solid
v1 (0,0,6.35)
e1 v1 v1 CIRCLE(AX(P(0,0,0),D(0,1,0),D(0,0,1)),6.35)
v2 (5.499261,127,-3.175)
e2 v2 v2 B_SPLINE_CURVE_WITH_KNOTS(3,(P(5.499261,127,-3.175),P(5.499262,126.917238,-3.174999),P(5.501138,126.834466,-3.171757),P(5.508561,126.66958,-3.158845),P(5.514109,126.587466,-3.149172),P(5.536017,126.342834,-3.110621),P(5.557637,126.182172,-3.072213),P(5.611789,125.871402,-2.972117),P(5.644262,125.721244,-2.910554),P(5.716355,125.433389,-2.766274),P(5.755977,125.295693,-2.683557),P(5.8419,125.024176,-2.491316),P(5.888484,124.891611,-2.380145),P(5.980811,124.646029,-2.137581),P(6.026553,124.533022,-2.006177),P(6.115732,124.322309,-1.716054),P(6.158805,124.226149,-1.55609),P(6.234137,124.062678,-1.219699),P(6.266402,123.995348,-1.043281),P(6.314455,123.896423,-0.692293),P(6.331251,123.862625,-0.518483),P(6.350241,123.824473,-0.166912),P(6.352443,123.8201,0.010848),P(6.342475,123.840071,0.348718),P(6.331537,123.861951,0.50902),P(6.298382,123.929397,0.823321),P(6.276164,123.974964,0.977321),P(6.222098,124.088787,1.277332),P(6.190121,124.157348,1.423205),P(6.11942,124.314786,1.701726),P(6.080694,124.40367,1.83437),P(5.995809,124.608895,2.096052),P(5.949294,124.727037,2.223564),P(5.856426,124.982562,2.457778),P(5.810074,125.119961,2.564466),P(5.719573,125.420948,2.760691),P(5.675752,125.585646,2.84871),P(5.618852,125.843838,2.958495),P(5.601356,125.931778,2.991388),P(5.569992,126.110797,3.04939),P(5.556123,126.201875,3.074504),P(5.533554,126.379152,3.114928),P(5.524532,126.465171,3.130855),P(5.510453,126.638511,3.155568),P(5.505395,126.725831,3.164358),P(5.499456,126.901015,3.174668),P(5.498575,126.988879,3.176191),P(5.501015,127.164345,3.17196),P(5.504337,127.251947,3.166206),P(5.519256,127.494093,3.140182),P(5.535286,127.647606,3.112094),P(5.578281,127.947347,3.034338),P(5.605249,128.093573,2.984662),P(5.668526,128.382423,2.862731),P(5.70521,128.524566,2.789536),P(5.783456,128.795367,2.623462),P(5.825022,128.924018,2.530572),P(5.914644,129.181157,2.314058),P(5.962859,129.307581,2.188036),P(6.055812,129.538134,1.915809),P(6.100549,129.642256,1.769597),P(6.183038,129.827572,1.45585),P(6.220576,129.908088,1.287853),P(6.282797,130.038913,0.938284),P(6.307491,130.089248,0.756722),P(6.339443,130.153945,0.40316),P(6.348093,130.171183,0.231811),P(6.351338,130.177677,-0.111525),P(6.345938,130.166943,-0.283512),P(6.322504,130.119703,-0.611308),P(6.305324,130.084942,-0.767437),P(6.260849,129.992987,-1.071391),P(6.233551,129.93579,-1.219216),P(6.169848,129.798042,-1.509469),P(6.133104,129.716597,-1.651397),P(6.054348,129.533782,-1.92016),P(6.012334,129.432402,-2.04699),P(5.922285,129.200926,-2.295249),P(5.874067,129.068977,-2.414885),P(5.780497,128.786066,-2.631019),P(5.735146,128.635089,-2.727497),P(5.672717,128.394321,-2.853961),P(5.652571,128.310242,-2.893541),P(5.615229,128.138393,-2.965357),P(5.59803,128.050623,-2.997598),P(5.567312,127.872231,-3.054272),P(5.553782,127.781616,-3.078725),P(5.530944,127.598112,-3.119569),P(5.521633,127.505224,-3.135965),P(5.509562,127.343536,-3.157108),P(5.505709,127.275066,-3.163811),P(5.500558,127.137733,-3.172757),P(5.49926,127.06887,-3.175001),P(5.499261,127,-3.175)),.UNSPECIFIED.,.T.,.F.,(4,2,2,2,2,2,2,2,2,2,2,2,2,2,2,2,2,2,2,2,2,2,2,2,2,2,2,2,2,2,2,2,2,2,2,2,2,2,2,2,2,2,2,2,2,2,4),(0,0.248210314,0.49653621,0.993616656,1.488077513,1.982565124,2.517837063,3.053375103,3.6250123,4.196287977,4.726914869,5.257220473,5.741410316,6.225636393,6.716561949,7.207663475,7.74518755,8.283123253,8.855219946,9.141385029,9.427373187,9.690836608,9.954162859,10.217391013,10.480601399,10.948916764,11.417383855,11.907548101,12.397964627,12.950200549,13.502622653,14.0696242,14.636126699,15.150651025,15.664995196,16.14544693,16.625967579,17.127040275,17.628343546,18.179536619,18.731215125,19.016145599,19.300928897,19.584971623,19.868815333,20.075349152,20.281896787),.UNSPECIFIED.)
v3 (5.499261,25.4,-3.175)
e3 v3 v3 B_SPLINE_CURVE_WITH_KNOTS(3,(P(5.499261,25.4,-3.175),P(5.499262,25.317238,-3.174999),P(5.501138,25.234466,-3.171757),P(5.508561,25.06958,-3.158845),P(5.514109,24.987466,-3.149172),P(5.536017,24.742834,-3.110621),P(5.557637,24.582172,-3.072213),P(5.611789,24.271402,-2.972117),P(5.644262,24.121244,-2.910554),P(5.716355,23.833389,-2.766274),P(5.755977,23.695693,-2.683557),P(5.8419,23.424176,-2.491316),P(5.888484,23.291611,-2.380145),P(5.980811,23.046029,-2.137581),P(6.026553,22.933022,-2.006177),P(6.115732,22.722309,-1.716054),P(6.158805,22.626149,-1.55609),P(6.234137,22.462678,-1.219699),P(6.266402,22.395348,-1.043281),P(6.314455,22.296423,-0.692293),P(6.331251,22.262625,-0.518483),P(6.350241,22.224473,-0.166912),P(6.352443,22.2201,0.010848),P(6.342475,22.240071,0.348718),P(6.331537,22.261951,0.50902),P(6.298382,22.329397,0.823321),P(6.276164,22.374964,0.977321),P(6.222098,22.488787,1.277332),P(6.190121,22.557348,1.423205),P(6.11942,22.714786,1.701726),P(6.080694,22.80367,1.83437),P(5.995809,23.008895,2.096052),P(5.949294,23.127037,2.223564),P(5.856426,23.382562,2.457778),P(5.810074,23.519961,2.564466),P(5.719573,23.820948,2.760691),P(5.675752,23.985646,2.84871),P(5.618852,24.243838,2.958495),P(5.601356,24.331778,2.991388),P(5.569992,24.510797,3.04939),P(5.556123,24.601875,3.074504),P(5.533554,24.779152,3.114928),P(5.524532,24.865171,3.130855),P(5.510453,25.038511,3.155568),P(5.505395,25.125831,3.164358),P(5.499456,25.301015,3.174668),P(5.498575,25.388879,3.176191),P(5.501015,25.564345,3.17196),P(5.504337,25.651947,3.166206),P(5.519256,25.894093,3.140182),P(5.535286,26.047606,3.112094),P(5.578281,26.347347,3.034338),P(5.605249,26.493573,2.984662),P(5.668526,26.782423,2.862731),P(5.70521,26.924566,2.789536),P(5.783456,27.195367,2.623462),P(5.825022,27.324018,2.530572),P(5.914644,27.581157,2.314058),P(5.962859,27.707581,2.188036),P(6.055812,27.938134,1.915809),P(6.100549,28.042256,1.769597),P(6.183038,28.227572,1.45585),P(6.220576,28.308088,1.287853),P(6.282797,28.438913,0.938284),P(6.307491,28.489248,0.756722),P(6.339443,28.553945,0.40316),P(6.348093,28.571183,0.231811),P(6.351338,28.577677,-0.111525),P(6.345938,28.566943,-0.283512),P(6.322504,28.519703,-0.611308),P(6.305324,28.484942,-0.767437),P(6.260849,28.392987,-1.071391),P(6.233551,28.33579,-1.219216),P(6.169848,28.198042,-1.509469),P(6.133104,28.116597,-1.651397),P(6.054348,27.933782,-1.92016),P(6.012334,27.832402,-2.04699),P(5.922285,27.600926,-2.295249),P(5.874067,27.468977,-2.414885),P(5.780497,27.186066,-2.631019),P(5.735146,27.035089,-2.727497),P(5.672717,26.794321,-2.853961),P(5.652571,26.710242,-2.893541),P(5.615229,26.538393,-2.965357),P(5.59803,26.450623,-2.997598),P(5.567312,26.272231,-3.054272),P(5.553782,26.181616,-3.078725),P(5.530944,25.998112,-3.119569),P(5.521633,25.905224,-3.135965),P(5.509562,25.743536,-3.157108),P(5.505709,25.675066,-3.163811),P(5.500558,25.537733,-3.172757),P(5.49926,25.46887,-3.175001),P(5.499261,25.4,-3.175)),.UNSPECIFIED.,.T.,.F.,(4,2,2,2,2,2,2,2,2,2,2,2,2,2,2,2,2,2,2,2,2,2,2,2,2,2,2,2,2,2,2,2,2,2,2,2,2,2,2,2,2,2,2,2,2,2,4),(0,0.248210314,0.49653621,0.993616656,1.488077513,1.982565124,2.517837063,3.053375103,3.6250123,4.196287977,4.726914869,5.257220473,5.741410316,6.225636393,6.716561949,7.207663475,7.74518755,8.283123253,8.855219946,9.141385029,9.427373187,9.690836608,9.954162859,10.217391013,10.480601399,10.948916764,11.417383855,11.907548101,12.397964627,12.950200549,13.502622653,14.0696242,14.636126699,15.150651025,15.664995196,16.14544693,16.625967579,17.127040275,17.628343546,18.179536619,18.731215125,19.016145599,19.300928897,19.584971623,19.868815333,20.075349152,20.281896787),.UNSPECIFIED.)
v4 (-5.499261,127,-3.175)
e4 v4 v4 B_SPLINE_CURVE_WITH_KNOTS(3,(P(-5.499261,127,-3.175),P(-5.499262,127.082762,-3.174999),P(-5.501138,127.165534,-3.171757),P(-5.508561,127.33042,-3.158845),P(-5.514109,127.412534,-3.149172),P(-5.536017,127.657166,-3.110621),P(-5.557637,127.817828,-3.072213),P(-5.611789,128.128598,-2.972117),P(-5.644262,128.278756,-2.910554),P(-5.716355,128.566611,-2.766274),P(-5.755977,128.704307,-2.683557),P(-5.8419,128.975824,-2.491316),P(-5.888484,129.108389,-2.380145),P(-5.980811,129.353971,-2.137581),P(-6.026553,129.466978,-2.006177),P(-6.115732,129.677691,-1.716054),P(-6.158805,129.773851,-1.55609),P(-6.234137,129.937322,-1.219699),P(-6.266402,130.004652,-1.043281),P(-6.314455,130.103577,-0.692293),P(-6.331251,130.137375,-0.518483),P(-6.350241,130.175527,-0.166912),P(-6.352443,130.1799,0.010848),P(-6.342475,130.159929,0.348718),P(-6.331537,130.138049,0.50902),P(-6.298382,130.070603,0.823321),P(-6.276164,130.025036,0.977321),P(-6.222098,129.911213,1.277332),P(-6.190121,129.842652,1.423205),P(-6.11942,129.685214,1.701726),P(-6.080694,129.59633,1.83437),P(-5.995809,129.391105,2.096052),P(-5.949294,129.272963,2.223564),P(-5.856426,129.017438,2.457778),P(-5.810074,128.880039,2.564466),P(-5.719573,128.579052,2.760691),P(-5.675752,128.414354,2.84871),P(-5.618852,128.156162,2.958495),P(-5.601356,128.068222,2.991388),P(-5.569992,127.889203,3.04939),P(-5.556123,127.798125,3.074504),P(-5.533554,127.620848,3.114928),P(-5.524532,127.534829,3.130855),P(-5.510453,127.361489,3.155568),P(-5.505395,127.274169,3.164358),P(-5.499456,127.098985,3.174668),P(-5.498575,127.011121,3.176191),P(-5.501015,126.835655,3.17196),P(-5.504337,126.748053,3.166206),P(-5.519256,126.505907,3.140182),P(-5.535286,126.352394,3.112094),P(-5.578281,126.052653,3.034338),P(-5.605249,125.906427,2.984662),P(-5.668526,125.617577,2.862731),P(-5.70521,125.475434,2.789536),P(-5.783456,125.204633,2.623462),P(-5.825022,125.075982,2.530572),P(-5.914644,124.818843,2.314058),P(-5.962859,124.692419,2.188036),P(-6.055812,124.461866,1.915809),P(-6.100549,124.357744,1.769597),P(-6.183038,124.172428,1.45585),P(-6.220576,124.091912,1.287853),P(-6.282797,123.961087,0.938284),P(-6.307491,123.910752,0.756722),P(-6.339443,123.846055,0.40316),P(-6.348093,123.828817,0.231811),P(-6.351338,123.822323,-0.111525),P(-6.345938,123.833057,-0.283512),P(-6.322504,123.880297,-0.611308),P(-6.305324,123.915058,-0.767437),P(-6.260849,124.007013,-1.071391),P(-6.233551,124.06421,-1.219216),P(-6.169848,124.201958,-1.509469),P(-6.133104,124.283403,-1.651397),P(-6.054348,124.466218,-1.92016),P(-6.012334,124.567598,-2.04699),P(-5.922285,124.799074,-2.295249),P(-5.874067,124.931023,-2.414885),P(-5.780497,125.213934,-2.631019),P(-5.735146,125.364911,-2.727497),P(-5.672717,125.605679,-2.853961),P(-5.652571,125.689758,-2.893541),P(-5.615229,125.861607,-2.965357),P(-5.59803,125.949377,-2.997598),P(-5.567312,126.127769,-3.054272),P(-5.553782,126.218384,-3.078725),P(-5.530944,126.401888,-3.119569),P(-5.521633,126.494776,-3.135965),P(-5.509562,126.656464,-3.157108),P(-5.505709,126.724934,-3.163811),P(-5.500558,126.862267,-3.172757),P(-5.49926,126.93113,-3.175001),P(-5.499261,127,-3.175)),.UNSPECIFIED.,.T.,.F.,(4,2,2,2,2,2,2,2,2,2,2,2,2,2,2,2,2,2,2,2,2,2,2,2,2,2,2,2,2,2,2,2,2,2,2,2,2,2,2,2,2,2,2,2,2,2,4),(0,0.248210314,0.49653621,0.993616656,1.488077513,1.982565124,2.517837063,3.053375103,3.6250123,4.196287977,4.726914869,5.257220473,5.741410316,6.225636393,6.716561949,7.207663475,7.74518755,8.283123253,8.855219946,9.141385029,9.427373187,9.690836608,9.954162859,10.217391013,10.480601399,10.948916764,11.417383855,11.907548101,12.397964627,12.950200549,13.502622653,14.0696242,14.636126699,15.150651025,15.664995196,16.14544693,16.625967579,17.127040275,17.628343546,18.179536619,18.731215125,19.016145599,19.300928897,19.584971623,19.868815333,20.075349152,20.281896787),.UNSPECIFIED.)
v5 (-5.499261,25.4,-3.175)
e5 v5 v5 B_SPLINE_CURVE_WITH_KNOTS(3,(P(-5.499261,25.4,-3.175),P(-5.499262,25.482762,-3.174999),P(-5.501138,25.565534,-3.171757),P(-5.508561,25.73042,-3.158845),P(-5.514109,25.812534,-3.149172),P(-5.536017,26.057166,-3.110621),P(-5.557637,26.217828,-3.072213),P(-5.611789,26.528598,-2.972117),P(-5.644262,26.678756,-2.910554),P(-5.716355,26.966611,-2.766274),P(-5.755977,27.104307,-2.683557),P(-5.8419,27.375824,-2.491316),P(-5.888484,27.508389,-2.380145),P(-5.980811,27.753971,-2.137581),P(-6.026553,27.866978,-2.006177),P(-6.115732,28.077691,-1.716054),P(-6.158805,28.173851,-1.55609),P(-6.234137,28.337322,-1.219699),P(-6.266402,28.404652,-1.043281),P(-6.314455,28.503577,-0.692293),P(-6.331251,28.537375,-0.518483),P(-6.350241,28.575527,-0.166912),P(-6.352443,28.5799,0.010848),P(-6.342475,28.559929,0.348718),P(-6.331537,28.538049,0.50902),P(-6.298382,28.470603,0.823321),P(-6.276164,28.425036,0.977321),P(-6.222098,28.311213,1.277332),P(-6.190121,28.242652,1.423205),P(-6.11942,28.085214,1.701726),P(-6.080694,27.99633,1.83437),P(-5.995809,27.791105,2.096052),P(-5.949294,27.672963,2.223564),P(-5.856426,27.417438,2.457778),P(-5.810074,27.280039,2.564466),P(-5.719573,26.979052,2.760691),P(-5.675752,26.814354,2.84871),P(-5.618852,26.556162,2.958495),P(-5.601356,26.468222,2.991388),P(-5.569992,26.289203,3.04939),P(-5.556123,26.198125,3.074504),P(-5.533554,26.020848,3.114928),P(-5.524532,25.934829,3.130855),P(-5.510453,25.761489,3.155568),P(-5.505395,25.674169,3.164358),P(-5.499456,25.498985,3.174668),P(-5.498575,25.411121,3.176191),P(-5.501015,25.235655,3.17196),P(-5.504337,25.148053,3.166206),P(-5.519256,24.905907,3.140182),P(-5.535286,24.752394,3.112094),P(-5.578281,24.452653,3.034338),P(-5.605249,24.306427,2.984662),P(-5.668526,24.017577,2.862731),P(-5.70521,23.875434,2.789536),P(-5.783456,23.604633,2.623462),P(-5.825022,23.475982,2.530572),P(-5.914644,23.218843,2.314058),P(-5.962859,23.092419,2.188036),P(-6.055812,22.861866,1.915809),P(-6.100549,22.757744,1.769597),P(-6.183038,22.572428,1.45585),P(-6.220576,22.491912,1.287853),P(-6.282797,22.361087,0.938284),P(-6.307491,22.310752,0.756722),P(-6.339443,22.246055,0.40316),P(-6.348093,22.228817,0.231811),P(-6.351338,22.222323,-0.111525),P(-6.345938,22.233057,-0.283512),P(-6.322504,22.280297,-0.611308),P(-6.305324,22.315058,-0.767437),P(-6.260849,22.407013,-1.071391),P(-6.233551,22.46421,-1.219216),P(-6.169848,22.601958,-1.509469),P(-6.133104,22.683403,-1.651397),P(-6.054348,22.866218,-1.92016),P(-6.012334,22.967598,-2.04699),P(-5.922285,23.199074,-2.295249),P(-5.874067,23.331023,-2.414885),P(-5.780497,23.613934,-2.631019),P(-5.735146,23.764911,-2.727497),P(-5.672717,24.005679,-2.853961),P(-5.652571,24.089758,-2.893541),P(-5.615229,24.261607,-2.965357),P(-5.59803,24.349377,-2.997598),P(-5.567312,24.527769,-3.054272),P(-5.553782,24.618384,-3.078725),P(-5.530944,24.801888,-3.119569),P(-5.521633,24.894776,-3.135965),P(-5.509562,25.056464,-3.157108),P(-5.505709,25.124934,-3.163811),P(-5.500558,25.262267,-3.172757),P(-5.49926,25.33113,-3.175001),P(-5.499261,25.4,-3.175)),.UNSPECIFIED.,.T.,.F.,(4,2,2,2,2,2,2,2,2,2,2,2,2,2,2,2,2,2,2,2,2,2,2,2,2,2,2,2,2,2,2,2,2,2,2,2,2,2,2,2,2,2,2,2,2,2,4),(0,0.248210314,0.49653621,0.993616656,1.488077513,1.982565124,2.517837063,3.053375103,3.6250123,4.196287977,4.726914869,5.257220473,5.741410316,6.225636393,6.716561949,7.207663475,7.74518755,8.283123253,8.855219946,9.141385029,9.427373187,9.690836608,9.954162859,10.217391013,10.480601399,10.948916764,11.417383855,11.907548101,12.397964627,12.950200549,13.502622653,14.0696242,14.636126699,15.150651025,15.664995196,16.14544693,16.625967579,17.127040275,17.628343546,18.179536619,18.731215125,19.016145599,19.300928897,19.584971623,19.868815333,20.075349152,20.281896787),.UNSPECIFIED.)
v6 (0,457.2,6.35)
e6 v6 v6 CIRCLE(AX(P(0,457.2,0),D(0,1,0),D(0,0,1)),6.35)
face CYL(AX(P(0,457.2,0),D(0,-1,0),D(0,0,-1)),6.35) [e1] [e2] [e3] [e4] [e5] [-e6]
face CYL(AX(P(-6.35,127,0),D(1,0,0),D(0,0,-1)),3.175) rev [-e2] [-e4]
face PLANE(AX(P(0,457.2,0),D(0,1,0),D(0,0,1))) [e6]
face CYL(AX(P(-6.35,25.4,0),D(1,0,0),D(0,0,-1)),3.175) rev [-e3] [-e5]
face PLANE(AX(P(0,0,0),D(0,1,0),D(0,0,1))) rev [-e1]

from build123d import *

# Parameters (mm, degrees)
SKETCH1_R               = 6.35
BOSS_EXTRUDE1_DEPTH     = 457.2
SKETCH2_R               = 3.175
CUT_EXTRUDE1_DEPTH      = 7.35
CUT_EXTRUDE1_DEPTH_BACK = 7.35


with BuildPart() as part:
    # Sketch1 → Boss-Extrude1 (new body)
    with BuildSketch(Plane(origin=(0, 0, 0), x_dir=(1, 0, 0), z_dir=(0, 1, 0))):
        with Locations(Location((0, 0, 0), (0, 0, 270))):  # turned: the seam where the file's is
            Circle(SKETCH1_R)
    extrude(amount=BOSS_EXTRUDE1_DEPTH)

    # Sketch2 → Cut-Extrude1 (cut, two sides)
    with BuildSketch(Plane(origin=(0, 0, 0), x_dir=(0, 0, -1), z_dir=(1, 0, 0))) as cut_extrude1_sk:
        with Locations((0, 25.4)):
            Circle(SKETCH2_R)
        with Locations((0, 127)):
            Circle(SKETCH2_R)
    extrude(amount=CUT_EXTRUDE1_DEPTH, mode=Mode.SUBTRACT)
    extrude(cut_extrude1_sk.sketch, amount=-CUT_EXTRUDE1_DEPTH_BACK, mode=Mode.SUBTRACT)


solid = part.part
